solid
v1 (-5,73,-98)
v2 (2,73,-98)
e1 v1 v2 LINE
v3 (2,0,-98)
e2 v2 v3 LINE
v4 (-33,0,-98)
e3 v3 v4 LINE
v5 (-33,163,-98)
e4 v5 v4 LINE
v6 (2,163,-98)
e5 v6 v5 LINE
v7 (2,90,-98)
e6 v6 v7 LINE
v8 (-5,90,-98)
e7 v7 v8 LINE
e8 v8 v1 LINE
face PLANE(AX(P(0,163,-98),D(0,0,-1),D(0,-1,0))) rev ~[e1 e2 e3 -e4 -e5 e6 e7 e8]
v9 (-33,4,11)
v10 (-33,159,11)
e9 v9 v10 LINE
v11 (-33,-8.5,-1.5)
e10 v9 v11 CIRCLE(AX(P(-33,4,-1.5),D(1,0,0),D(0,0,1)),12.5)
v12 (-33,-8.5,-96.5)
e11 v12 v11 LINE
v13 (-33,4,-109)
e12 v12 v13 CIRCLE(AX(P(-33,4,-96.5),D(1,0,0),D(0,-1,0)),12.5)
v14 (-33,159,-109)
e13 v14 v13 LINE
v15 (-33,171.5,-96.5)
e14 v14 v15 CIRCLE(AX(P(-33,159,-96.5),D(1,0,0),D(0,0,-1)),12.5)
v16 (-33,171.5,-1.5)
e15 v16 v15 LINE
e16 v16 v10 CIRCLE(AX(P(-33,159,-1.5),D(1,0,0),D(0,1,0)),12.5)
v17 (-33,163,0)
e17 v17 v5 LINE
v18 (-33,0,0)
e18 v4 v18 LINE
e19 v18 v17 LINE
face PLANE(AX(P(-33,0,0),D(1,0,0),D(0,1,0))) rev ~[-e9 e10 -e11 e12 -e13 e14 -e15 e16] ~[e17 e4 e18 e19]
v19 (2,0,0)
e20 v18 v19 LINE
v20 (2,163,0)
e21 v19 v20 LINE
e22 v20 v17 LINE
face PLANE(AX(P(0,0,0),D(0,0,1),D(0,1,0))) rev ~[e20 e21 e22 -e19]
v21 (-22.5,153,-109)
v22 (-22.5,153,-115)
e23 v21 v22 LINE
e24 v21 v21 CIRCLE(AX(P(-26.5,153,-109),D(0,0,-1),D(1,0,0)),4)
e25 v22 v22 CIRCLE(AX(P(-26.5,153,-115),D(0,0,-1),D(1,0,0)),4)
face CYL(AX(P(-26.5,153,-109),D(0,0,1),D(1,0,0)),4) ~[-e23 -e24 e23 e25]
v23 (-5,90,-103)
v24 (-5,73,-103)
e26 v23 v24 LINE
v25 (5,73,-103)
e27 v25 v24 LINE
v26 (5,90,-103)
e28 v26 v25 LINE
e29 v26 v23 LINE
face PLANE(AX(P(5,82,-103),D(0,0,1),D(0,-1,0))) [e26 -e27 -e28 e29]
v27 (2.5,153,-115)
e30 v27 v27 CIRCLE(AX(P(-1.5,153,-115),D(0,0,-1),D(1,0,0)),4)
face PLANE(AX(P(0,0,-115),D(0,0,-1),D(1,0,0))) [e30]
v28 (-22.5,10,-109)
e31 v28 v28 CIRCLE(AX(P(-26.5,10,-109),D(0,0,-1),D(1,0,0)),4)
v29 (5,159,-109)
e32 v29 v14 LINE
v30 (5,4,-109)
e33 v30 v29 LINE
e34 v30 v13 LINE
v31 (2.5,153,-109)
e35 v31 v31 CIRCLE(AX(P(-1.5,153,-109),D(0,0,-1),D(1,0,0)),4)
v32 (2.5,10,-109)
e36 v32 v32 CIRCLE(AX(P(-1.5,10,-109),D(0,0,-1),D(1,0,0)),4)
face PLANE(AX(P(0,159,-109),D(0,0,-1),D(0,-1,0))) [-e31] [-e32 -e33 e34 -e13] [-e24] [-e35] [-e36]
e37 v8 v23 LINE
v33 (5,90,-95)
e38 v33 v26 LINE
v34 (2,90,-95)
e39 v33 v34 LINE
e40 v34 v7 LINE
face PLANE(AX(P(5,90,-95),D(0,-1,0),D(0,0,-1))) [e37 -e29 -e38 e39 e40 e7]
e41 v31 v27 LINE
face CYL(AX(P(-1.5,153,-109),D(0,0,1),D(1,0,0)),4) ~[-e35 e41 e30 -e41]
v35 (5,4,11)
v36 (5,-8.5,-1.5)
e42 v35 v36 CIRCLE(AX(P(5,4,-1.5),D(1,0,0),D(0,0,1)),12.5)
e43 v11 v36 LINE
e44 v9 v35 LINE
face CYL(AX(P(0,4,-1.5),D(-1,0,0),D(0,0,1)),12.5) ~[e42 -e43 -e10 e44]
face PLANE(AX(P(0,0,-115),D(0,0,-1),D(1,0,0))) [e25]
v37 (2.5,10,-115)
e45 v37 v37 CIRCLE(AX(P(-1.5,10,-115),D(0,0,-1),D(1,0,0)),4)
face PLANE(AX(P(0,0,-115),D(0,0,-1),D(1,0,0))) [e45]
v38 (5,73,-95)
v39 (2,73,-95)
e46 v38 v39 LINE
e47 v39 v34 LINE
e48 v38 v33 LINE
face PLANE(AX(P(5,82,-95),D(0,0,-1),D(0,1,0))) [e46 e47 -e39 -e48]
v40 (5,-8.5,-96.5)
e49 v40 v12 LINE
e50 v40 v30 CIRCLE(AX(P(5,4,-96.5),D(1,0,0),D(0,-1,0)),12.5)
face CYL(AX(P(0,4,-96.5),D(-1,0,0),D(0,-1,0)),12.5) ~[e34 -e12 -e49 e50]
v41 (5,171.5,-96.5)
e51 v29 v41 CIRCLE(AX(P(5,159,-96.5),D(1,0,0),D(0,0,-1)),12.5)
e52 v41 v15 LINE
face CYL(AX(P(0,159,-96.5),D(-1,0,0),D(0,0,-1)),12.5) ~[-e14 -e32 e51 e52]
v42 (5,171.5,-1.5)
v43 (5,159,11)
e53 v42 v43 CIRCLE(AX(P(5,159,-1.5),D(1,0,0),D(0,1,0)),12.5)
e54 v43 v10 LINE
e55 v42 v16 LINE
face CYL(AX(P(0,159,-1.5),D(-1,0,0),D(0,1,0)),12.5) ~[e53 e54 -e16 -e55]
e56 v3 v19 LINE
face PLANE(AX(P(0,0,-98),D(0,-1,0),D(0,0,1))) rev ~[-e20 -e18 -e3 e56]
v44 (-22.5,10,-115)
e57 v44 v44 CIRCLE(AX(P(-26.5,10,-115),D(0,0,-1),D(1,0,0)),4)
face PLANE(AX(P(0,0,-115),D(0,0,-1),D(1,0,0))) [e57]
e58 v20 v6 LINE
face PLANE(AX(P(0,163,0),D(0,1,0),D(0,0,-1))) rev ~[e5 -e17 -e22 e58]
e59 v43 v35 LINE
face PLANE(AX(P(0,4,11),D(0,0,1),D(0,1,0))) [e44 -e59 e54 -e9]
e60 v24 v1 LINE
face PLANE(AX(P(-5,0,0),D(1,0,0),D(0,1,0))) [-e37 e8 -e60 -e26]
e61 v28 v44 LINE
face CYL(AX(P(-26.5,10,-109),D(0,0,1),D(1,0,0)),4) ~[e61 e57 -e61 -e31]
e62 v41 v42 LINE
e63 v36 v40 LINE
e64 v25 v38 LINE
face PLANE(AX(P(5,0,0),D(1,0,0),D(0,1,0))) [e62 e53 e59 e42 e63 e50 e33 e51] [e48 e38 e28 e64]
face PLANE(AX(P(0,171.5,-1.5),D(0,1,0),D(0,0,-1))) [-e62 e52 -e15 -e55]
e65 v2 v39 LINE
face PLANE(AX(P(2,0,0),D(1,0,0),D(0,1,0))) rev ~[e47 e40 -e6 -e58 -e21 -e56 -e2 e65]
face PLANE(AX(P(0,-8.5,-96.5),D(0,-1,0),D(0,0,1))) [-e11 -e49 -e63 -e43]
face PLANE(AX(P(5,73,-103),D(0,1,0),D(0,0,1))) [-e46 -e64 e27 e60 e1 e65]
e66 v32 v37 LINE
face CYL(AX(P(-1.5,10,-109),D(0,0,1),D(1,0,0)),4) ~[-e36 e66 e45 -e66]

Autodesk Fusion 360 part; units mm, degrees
sketch "Sketch1" plane through (0, 0, 0) normal (0, 0, 1) x (1, 0, 0)
sketch "Sketch2" plane through (0, 0, 0) normal (1, 0, 0) x (0, 1, 0)
  line L0 (4, 11) -> (159, 11)
  line L1 (171.5, -1.5) -> (171.5, -96.5)
  line L2 (159, -109) -> (4, -109)
  line L3 (-8.5, -96.5) -> (-8.5, -1.5)
  line L4 (0, 0) -> (163, 0)
  line L5 (163, 0) -> (163, -98)
  line L6 (163, -98) -> (0, -98)
  line L7 (0, -98) -> (0, 0)
  arc A0 (4, 11) -> (-8.5, -1.5) centre (4, -1.5) ccw
  arc A1 (171.5, -1.5) -> (159, 11) centre (159, -1.5) ccw
  arc A2 (159, -109) -> (171.5, -96.5) centre (159, -96.5) ccw
  arc A3 (-8.5, -96.5) -> (4, -109) centre (4, -96.5) ccw
  point P0 (-8.5, 11)
  point P1 (171.5, 11)
  point P2 (-8.5, -109)
  dimension "d1" = 120
  dimension "d2" = 180
  dimension "d3" = 98
  dimension "d4" = 163
  dimension "d5" = 11
  dimension "d6" = 8.5
  dimension "d13" = 12.5
extrude "Extrude1" add sketch "Sketch2" along normal blind 2
extrude "Extrude2" add 1 faces at (0, 107.3333, 3.6667) along direction (-1, 0, 0) blind 33
sketch "Sketch3" plane through (2, 0, 0) normal (1, 0, 0) x (0, 1, 0)
  line L0 (163, -98) -> (0, -98)
  line L1 (0, -98) -> (0, 0)
  line L2 (0, 0) -> (163, 0)
  line L3 (163, 0) -> (163, -98)
  line L4 (4, -109) -> (159, -109)
  line L5 (171.5, -96.5) -> (171.5, -1.5)
  line L6 (159, 11) -> (4, 11)
  line L7 (-8.5, -1.5) -> (-8.5, -96.5)
  line L8 (-8.5, -1.5) -> (159, -1.5)
  line L9 (159, -1.5) -> (159, -109)
  line L10 (159, -109) -> (-8.5, -109)
  line L11 (-8.5, -109) -> (-8.5, -1.5)
  arc A0 (4, 11) -> (-8.5, -1.5) centre (4, -1.5) ccw
  arc A1 (-8.5, -96.5) -> (4, -109) centre (4, -96.5) ccw
  arc A2 (159, -109) -> (171.5, -96.5) centre (159, -96.5) ccw
  arc A3 (171.5, -1.5) -> (159, 11) centre (159, -1.5) ccw
sketch "Sketch4" plane through (2, 0, 0) normal (1, 0, 0) x (0, 1, 0)
  line L0 (163, -98) -> (0, -98)
  line L1 (0, -98) -> (0, 0)
  line L2 (0, 0) -> (163, 0)
  line L3 (163, 0) -> (163, -98)
  arc A0 (4, 11) -> (-8.5, -1.5) centre (4, -1.5) ccw
  line L4 (-8.5, -1.5) -> (-8.5, -96.5)
  arc A1 (-8.5, -96.5) -> (4, -109) centre (4, -96.5) ccw
  line L5 (4, -109) -> (159, -109)
  arc A2 (159, -109) -> (171.5, -96.5) centre (159, -96.5) ccw
  line L6 (171.5, -96.5) -> (171.5, -1.5)
  arc A3 (171.5, -1.5) -> (159, 11) centre (159, -1.5) ccw
  line L7 (159, 11) -> (4, 11)
  line L8 (0, 0) -> (163, 0)
  line L9 (163, 0) -> (163, -98)
  line L10 (163, -98) -> (0, -98)
  line L11 (0, -98) -> (0, 0)
  line L12 (-10, 10) -> (-94.6711, 10)
  line L13 (-94.6711, 10) -> (-94.6711, 7.3388)
  line L14 (-94.6711, 7.3388) -> (-10, 7.3388)
  line L15 (-10, 7.3388) -> (-10, 10)
extrude "Extrude4" add sketch "Sketch4" along normal blind 3 contours L0 L1 L2 L3 L8 L9 L10 L11 | A0 L4 A1 L5 A2 L6 A3 L7
sketch "Sketch5" plane through (0, 0, -109) normal (0, 0, -1) x (1, 0, 0)
  line L0 (-33, -159) -> (5, -159)
  line L1 (5, -159) -> (5, -4)
  line L2 (5, -4) -> (-33, -4)
  line L3 (-33, -4) -> (-33, -159)
  circle A0 centre (-26.5, -10) radius 4
  circle A1 centre (-1.5, -10) radius 4
  circle A2 centre (-26.5, -153) radius 4
  circle A3 centre (-1.5, -153) radius 4
  dimension "d16" = 8
  dimension "d17" = 8
  dimension "d18" = 8
  dimension "d19" = 8
  dimension "d20" = 6
  dimension "d21" = 6
  dimension "d22" = 6
  dimension "d23" = 6
  dimension "d24" = 6.5
  dimension "d25" = 6.5
  dimension "d26" = 6.5
  dimension "d27" = 6.5
extrude "Extrude5" add sketch "Sketch5" along normal blind 6 contours A0 | A1 | A2 | A3
sketch "Sketch6" plane through (5, 0, 0) normal (1, 0, 0) x (0, 1, 0)
  line L0 (159, 11) -> (4, 11)
  arc A0 (4, 11) -> (-8.5, -1.5) centre (4, -1.5) ccw
  line L1 (-8.5, -1.5) -> (-8.5, -96.5)
  arc A1 (-8.5, -96.5) -> (4, -109) centre (4, -96.5) ccw
  line L2 (4, -109) -> (159, -109)
  arc A2 (159, -109) -> (171.5, -96.5) centre (159, -96.5) ccw
  line L3 (171.5, -96.5) -> (171.5, -1.5)
  arc A3 (171.5, -1.5) -> (159, 11) centre (159, -1.5) ccw
  line L4 (73, -95) -> (82, -95)
  line L5 (82, -103) -> (73, -103)
  line L6 (73, -95) -> (90, -95)
  line L7 (90, -95) -> (90, -103)
  line L8 (90, -103) -> (73, -103)
  line L9 (73, -103) -> (73, -95)
extrude "Extrude7" cut sketch "Sketch6" against normal blind 10 contours L4 L5 L6 L7 L8 L9
